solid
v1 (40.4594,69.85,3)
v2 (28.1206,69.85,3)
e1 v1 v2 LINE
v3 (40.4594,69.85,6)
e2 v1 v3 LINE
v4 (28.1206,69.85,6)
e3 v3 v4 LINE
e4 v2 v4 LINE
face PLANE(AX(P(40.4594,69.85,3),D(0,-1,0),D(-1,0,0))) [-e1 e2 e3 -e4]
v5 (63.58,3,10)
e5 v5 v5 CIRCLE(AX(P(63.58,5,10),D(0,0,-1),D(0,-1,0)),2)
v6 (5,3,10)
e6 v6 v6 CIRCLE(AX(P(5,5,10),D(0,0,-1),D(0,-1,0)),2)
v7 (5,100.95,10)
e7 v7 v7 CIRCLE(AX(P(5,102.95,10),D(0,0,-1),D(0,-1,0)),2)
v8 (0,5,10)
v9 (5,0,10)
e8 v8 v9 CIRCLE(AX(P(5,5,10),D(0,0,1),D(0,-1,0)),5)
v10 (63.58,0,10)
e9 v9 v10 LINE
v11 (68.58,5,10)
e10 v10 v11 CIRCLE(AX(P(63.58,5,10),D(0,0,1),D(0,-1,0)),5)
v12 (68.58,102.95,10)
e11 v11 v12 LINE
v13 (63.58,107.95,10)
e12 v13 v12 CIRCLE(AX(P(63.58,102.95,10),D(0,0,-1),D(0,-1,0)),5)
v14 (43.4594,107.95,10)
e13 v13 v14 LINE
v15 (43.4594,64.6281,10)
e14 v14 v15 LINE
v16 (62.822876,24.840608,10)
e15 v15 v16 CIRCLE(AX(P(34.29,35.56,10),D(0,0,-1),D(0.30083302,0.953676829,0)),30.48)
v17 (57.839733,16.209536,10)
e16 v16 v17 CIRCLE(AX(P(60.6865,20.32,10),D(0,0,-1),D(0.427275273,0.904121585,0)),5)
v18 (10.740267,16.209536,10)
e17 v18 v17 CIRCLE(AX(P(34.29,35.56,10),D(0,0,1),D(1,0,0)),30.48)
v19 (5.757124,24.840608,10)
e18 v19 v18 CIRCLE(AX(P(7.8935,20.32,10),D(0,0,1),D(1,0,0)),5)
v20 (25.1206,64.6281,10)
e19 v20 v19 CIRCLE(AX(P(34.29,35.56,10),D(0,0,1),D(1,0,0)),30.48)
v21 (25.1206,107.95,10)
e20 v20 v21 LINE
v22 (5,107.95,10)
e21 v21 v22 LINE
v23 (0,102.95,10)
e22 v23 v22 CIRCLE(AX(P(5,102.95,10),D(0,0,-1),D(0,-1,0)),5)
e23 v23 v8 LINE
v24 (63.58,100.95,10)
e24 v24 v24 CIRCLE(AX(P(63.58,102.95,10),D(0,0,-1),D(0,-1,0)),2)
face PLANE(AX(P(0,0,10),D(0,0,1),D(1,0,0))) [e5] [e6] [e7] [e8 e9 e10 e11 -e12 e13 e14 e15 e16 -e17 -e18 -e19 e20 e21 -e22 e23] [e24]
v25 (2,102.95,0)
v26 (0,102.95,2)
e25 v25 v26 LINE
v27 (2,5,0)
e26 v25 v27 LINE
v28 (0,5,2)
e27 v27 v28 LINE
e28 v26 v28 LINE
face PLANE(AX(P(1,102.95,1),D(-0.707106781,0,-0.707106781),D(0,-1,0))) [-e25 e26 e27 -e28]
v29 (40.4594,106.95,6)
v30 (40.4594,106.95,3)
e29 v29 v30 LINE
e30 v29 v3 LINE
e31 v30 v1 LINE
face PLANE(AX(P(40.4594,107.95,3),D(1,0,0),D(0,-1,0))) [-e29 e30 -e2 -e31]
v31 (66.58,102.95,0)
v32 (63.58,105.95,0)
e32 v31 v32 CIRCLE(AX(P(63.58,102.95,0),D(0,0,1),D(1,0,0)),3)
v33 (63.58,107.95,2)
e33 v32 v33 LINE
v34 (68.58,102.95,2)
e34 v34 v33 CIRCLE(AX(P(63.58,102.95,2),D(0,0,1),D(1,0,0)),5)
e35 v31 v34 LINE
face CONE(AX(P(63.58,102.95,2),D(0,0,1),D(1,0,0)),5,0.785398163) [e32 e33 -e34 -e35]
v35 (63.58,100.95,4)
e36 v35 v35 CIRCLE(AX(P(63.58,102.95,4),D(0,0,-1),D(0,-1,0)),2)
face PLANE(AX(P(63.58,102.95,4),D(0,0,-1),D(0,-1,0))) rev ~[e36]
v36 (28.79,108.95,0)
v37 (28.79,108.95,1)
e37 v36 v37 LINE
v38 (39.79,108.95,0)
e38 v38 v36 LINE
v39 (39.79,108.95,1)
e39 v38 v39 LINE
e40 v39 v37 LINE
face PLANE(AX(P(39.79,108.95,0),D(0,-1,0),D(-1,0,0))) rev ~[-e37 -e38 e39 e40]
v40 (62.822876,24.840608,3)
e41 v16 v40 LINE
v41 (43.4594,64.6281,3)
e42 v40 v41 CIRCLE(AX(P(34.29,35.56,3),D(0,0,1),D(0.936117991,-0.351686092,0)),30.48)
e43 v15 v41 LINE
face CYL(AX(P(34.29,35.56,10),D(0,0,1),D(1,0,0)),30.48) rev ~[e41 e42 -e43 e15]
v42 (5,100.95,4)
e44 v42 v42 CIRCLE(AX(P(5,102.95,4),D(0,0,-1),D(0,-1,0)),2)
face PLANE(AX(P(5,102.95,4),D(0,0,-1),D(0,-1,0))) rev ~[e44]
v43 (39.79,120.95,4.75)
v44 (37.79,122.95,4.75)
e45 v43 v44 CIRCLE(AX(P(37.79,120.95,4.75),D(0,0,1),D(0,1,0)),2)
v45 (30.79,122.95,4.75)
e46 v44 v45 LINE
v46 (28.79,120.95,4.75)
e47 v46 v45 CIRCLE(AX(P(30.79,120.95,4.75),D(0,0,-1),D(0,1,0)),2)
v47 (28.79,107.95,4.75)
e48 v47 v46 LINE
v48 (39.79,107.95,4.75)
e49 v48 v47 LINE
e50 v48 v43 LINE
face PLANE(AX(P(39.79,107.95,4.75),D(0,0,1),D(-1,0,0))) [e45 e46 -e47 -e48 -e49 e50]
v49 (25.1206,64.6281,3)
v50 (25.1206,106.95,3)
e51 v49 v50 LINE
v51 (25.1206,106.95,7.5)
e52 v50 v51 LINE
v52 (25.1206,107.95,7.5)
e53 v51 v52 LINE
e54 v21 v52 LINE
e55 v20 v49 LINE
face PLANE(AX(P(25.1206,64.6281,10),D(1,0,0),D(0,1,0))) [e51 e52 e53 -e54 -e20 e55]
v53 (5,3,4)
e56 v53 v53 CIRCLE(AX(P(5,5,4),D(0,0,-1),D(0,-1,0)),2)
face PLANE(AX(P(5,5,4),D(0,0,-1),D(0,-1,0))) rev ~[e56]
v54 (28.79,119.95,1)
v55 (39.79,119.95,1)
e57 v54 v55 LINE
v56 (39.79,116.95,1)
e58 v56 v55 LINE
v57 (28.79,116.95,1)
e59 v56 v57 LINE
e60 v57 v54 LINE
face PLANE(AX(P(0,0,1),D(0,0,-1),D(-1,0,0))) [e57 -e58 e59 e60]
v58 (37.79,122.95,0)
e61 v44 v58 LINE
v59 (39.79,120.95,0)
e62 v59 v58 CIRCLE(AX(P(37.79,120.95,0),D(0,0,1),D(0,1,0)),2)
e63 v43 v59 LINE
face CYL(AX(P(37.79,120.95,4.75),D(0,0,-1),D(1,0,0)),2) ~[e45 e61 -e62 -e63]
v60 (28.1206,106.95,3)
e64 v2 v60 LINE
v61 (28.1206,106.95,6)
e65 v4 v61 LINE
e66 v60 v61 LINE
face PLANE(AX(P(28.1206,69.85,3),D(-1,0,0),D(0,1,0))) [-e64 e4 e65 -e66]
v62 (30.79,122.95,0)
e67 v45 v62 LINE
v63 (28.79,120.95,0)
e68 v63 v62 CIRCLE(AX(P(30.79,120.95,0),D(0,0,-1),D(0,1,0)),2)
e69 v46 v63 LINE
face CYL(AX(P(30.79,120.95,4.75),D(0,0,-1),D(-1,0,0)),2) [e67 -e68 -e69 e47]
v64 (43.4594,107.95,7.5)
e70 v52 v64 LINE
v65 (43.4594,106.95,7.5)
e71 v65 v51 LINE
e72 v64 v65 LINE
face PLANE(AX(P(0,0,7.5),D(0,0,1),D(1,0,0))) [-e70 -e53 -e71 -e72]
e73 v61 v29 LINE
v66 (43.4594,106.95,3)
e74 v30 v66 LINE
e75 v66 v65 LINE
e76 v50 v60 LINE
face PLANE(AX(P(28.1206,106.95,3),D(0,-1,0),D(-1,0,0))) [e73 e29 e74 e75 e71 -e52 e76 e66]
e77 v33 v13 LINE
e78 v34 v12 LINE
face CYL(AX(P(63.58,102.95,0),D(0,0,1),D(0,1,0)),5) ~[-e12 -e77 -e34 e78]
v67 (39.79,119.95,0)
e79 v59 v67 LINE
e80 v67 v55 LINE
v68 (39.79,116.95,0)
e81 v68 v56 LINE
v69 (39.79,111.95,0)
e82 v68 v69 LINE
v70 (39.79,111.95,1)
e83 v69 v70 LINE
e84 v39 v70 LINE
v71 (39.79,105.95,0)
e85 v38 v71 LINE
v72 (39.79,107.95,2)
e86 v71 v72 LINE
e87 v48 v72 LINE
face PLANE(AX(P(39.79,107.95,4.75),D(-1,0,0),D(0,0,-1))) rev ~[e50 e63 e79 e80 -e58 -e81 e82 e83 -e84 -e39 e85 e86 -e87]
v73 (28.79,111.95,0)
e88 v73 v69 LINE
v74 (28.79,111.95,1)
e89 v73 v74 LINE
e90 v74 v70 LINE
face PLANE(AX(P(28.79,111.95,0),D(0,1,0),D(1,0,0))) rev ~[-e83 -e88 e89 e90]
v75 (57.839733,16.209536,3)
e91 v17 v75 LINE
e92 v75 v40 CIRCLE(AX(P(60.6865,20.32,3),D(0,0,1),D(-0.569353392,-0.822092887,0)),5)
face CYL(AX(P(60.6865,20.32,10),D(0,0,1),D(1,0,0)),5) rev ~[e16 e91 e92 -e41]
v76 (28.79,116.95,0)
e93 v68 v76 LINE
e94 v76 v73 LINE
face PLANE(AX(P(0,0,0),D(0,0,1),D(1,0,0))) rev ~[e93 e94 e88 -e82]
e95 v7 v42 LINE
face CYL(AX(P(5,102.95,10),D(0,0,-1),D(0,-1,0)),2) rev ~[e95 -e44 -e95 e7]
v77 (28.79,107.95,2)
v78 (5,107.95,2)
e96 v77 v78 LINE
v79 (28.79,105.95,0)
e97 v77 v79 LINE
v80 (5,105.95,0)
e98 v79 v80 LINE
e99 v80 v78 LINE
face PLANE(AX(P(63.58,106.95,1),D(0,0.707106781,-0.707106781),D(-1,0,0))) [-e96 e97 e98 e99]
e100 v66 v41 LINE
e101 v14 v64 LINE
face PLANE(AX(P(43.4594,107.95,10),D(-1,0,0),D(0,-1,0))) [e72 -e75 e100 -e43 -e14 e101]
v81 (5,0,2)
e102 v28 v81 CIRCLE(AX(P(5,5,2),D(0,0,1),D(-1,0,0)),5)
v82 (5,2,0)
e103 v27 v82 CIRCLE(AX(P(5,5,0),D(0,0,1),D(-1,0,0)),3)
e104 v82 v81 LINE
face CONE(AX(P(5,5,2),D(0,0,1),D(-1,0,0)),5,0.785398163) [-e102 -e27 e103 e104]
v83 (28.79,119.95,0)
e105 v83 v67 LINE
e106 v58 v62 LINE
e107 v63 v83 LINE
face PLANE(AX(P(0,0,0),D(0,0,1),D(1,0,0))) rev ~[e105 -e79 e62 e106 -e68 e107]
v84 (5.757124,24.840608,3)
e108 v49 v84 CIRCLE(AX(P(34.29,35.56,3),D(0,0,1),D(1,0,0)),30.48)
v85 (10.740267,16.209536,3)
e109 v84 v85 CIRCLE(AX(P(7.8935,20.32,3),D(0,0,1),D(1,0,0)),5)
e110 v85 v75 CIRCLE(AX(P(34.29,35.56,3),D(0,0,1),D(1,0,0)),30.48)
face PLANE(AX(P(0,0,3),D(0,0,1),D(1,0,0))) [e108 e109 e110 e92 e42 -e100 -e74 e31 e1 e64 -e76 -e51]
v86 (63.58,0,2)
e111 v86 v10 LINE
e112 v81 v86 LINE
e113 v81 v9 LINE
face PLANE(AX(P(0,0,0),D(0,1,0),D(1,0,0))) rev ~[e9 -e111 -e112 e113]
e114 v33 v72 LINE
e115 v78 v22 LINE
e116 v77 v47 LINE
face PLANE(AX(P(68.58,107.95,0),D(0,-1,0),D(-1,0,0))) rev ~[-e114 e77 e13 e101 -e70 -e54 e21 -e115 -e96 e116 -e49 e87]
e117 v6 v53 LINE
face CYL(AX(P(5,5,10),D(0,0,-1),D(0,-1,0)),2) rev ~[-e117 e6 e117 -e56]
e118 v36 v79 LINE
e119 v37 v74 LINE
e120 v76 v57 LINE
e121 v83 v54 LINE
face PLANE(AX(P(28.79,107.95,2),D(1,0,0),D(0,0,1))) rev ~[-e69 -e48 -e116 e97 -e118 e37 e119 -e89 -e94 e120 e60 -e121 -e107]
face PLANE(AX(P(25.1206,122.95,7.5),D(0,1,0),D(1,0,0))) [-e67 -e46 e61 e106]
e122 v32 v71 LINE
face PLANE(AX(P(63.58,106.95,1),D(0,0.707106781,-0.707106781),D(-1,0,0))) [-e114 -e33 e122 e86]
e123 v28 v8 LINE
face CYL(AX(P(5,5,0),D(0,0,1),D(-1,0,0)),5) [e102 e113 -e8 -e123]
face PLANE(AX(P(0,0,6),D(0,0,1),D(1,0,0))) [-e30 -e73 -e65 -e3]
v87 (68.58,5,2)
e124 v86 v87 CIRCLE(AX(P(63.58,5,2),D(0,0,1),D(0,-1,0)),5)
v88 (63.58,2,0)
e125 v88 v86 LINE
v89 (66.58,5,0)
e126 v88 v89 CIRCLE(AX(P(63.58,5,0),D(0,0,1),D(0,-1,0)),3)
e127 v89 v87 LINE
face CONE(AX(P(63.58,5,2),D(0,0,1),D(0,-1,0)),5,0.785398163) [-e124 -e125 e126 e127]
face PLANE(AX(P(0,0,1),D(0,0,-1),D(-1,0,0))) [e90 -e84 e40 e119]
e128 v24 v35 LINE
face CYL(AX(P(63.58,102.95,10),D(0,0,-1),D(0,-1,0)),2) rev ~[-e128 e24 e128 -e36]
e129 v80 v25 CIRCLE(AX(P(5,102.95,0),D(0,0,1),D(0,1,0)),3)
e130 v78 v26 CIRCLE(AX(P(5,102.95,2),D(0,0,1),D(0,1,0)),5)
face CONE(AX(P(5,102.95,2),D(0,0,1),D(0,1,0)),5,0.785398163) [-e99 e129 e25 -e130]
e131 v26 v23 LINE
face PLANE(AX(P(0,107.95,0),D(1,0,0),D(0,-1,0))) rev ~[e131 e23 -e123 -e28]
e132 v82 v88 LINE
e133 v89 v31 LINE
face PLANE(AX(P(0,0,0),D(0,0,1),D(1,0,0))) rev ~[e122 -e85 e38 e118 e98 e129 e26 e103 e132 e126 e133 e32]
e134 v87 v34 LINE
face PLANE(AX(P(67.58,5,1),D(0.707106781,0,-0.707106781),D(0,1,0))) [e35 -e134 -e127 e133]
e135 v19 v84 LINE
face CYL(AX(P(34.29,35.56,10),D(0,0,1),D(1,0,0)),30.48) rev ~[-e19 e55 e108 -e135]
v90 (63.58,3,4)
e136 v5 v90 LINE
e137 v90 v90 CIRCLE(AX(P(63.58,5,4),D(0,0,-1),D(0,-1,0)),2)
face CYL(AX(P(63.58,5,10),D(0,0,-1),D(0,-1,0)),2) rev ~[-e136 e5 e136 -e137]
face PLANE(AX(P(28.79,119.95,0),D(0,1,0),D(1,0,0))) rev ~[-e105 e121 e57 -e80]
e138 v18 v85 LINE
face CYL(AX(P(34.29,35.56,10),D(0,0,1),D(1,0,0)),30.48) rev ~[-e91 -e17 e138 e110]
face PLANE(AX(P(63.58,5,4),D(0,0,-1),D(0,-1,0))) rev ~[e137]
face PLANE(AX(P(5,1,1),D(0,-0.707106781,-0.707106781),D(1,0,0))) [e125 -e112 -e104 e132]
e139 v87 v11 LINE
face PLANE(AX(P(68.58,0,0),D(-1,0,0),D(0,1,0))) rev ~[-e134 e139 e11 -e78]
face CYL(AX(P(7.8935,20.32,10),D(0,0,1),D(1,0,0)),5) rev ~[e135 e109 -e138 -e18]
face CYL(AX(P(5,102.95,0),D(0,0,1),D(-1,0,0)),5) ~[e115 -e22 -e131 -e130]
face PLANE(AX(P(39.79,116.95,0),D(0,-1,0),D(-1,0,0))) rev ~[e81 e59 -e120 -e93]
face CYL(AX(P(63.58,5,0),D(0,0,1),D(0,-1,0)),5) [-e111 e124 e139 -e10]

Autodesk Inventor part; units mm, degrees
ref_plane "YZ Plane" through (0, 0, 0) normal (1, 0, 0) x (0, 1, 0)
ref_plane "XZ Plane" through (0, 0, 0) normal (0, 1, 0) x (-1, 0, 0)
ref_plane "XY Plane" through (0, 0, 0) normal (0, 0, 1) x (1, 0, 0)
sketch "Sketch1" plane through (0, 0, 0) normal (0, 0, 1) x (1, 0, 0)
  line L0 (0, 0) -> (68.58, 0)
  line L1 (68.58, 0) -> (68.58, 107.95)
  line L2 (68.58, 107.95) -> (0, 107.95)
  line L3 (0, 107.95) -> (0, 0)
  dimension "d0" = 68.58
  dimension "d1" = 107.95
extrude "Extrusion1" add sketch "Sketch1" along normal blind 10
sketch "Sketch2" plane through (0, 0, 10) normal (0, 0, 1) x (1, 0, 0)
  circle A0 centre (34.29, 35.56) radius 30.48
  line L0 (0, 0) -> (68.58, 0) projected
  line L1 (68.58, 107.95) -> (0, 107.95) projected
  line L2 (25.1206, 107.95) -> (43.4594, 107.95)
  line L3 (43.4594, 107.95) -> (43.4594, 64.6281)
  line L4 (43.4594, 64.6281) -> (25.1206, 64.6281)
  line L5 (25.1206, 64.6281) -> (25.1206, 107.95)
  circle A1 centre (60.6865, 20.32) radius 5
  circle A2 centre (7.8935, 20.32) radius 5
  line L6 (7.8935, 20.32) -> (34.29, 66.04) construction
  line L7 (34.29, 66.04) -> (60.6865, 20.32) construction
  line L8 (60.6865, 20.32) -> (7.8935, 20.32) construction
  point P0 (34.29, 0)
  point P1 (34.29, 107.95)
  point P2 (57.8397, 16.2095)
  point P3 (62.8229, 24.8406)
  point P4 (10.7403, 16.2095)
  point P5 (5.7571, 24.8406)
  dimension "d4" = 18.3388
  dimension "d5" = 60.96
  dimension "d6" = 35.56
  dimension "d9" = 10
extrude "Extrusion2" cut sketch "Sketch2" against normal blind 7
sketch "Sketch4" plane through (0, 0, 3) normal (0, 0, 1) x (1, 0, 0)
  arc A0 (25.1206, 64.6281) -> (5.7571, 24.8406) centre (34.29, 35.56) ccw projected
  arc A1 (5.7571, 24.8406) -> (10.7403, 16.2095) centre (7.8935, 20.32) ccw projected
  arc A2 (10.7403, 16.2095) -> (57.8397, 16.2095) centre (34.29, 35.56) ccw projected
  arc A3 (57.8397, 16.2095) -> (62.8229, 24.8406) centre (60.6865, 20.32) ccw projected
  arc A4 (62.8229, 24.8406) -> (43.4594, 64.6281) centre (34.29, 35.56) ccw projected
  line L0 (43.4594, 107.95) -> (43.4594, 64.6281) projected
  line L1 (25.1206, 107.95) -> (43.4594, 107.95) projected
  line L2 (25.1206, 64.6281) -> (25.1206, 107.95) projected
  line L3 (25.1206, 64.6281) -> (25.1206, 107.95) projected
  line L4 (43.4594, 107.95) -> (43.4594, 64.6281) projected
  line L5 (25.1206, 107.95) -> (43.4594, 107.95)
  line L6 (43.4594, 107.95) -> (43.4594, 69.85)
  line L7 (43.4594, 69.85) -> (25.1206, 69.85)
  line L8 (25.1206, 69.85) -> (25.1206, 107.95)
  line L9 (25.1206, 107.95) -> (43.4594, 107.95) projected
  line L10 (28.1206, 107.95) -> (40.4594, 107.95)
  line L11 (40.4594, 107.95) -> (40.4594, 69.85)
  line L12 (40.4594, 69.85) -> (28.1206, 69.85)
  line L13 (28.1206, 69.85) -> (28.1206, 107.95)
  point P0 (0, 0)
  dimension "d17" = 3
  dimension "d18" = 3
  dimension "d19" = 38.1
extrude "Extrusion4" add sketch "Sketch4" along normal blind 3 contours L13 L1 L11 L7
sketch "Sketch3" plane through (0, 0, 3) normal (0, 0, 1) x (1, 0, 0)
  arc A0 (25.1206, 64.6281) -> (5.7571, 24.8406) centre (34.29, 35.56) ccw projected
  arc A1 (5.7571, 24.8406) -> (10.7403, 16.2095) centre (7.8935, 20.32) ccw projected
  arc A2 (10.7403, 16.2095) -> (57.8397, 16.2095) centre (34.29, 35.56) ccw projected
  arc A3 (57.8397, 16.2095) -> (62.8229, 24.8406) centre (60.6865, 20.32) ccw projected
  arc A4 (62.8229, 24.8406) -> (43.4594, 64.6281) centre (34.29, 35.56) ccw projected
  line L0 (43.4594, 107.95) -> (43.4594, 64.6281) projected
  line L1 (25.1206, 107.95) -> (28.1206, 107.95) projected
  line L2 (25.1206, 64.6281) -> (25.1206, 107.95) projected
  line L3 (25.1206, 64.6281) -> (25.1206, 107.95) projected
  line L4 (25.1206, 107.95) -> (43.4594, 107.95)
  line L5 (43.4594, 107.95) -> (43.4594, 106.95)
  line L6 (43.4594, 106.95) -> (25.1206, 106.95)
  line L7 (25.1206, 106.95) -> (25.1206, 107.95)
  line L8 (40.4594, 107.95) -> (40.4594, 69.85) projected
  line L9 (40.4594, 69.85) -> (28.1206, 69.85) projected
  line L10 (28.1206, 69.85) -> (28.1206, 107.95) projected
  line L11 (40.4594, 107.95) -> (43.4594, 107.95) projected
  point P0 (0, 0)
  point P1 (40.4594, 106.95)
  point P2 (28.1206, 106.95)
  dimension "d10" = 1
extrude "Extrusion3" add sketch "Sketch3" along normal blind 4.5 contours L2 L1 L10 L6 | L10 L4 L8 L6 | L8 L4 L0 L6
fillet "Fillet1" radius 5 4 edges at (0, 107.95, 5) (68.58, 107.95, 5) (68.58, 0, 5) (0, 0, 5)
chamfer "Chamfer1" distance 2 angle 45 8 edges at (34.29, 107.95, 0) (1.4645, 106.4855, 0) (0, 53.975, 0) (1.4645, 1.4645, 0) (34.29, 0, 0) (67.1155, 1.4645, 0) (68.58, 53.975, 0) (67.1155, 106.4855, 0)
sketch "Sketch6" plane through (0, 0, 10) normal (0, 0, 1) x (1, 0, 0)
  arc A0 (0, 5) -> (5, 0) centre (5, 5) ccw projected
  line L0 (5, 0) -> (63.58, 0) projected
  arc A1 (63.58, 0) -> (68.58, 5) centre (63.58, 5) ccw projected
  line L1 (68.58, 5) -> (68.58, 102.95) projected
  arc A2 (68.58, 102.95) -> (63.58, 107.95) centre (63.58, 102.95) ccw projected
  line L2 (63.58, 107.95) -> (43.4594, 107.95) projected
  line L3 (43.4594, 107.95) -> (43.4594, 64.6281) projected
  arc A3 (62.8229, 24.8406) -> (43.4594, 64.6281) centre (34.29, 35.56) ccw projected
  arc A4 (57.8397, 16.2095) -> (62.8229, 24.8406) centre (60.6865, 20.32) ccw projected
  arc A5 (10.7403, 16.2095) -> (57.8397, 16.2095) centre (34.29, 35.56) ccw projected
  arc A6 (5.7571, 24.8406) -> (10.7403, 16.2095) centre (7.8935, 20.32) ccw projected
  arc A7 (25.1206, 64.6281) -> (5.7571, 24.8406) centre (34.29, 35.56) ccw projected
  line L4 (25.1206, 64.6281) -> (25.1206, 107.95) projected
  line L5 (25.1206, 107.95) -> (5, 107.95) projected
  arc A8 (5, 107.95) -> (0, 102.95) centre (5, 102.95) ccw projected
  line L6 (0, 102.95) -> (0, 5) projected
  point P0 (0, 0)
hole "Hole2" at (5, 102.95, 10) at (5, 5, 10) at (63.58, 5, 10) at (63.58, 102.95, 10) direction (0, 0, -1) diameter 4 depth 6
sketch "Sketch7" plane through (25.1206, 107.95, 7.5) normal (0, 1, 0) x (1, 0, 0)
  line L0 (3.6694, -5.25) -> (14.6694, -5.25)
  line L1 (14.6694, -5.25) -> (14.6694, 2.75)
  line L2 (14.6694, 2.75) -> (3.6694, 2.75)
  line L3 (3.6694, 2.75) -> (3.6694, -5.25)
  line L4 (-20.1206, 5.5) -> (38.4594, 5.5) projected
  line L5 (-20.1206, -2.5) -> (-20.1206, 5.5) projected
  line L6 (0, -2.5) -> (-20.1206, -2.5) projected
  line L7 (0, -2.5) -> (0, 0) projected
  line L8 (18.3388, 0) -> (0, 0) projected
  line L9 (18.3388, 0) -> (18.3388, -2.5) projected
  line L10 (38.4594, -2.5) -> (18.3388, -2.5) projected
  line L11 (38.4594, 5.5) -> (38.4594, -2.5) projected
  line L12 (38.4594, 5.5) -> (-20.1206, 5.5) projected
  line L13 (3.6694, 2.75) -> (14.6694, 2.75)
  line L14 (14.6694, 2.75) -> (14.6694, 5.5)
  line L15 (14.6694, 5.5) -> (3.6694, 5.5)
  line L16 (3.6694, 5.5) -> (3.6694, 2.75)
  line L17 (3.6694, 5.5) -> (14.6694, 5.5)
  line L18 (14.6694, 5.5) -> (14.6694, 7.5)
  line L19 (14.6694, 7.5) -> (3.6694, 7.5)
  line L20 (3.6694, 7.5) -> (3.6694, 5.5)
  line L21 (38.4594, 7.5) -> (-20.1206, 7.5) projected
  point P0 (-25.1206, 7.5)
  point P1 (3.6694, -1.25)
  point P2 (0, -1.25)
  point P3 (9.1694, 2.75)
  point P4 (9.1694, 0)
  point P5 (14.6694, 2.75)
  dimension "d36" = 8
  dimension "d37" = 11
extrude "Extrusion5" add sketch "Sketch7" along normal blind 15 and the other way blind 5 contours L16 L4 L14 L2 | L20 L19 L18 L4
sketch "Sketch8" plane through (0, 0, 0) normal (0, 0, -1) x (-1, 0, 0)
  line L0 (-28.79, 107.95) -> (-28.79, 122.95) projected
  line L1 (-39.79, 105.95) -> (-39.79, 122.95) projected
  line L2 (-28.79, 119.95) -> (-39.79, 119.95)
  line L3 (-39.79, 119.95) -> (-39.79, 116.95)
  line L4 (-39.79, 116.95) -> (-28.79, 116.95)
  line L5 (-28.79, 116.95) -> (-28.79, 119.95)
  line L6 (-28.79, 111.95) -> (-39.79, 111.95)
  line L7 (-39.79, 111.95) -> (-39.79, 108.95)
  line L8 (-39.79, 108.95) -> (-28.79, 108.95)
  line L9 (-28.79, 108.95) -> (-28.79, 111.95)
  line L10 (-5, 107.95) -> (-28.79, 107.95) projected
  line L11 (-39.79, 122.95) -> (-28.79, 122.95) projected
  point P0 (0, 0)
  dimension "d42" = 3
  dimension "d43" = 3
  dimension "d44" = 1
  dimension "d45" = 3
extrude "Extrusion6" cut sketch "Sketch8" against normal blind 1 contours L8 L1 L6 L0 | L4 L1 L2 L0
fillet "Fillet2" radius 2 2 edges at (28.79, 122.95, 2.375) (39.79, 122.95, 2.375)
properties part number "Case Back"
